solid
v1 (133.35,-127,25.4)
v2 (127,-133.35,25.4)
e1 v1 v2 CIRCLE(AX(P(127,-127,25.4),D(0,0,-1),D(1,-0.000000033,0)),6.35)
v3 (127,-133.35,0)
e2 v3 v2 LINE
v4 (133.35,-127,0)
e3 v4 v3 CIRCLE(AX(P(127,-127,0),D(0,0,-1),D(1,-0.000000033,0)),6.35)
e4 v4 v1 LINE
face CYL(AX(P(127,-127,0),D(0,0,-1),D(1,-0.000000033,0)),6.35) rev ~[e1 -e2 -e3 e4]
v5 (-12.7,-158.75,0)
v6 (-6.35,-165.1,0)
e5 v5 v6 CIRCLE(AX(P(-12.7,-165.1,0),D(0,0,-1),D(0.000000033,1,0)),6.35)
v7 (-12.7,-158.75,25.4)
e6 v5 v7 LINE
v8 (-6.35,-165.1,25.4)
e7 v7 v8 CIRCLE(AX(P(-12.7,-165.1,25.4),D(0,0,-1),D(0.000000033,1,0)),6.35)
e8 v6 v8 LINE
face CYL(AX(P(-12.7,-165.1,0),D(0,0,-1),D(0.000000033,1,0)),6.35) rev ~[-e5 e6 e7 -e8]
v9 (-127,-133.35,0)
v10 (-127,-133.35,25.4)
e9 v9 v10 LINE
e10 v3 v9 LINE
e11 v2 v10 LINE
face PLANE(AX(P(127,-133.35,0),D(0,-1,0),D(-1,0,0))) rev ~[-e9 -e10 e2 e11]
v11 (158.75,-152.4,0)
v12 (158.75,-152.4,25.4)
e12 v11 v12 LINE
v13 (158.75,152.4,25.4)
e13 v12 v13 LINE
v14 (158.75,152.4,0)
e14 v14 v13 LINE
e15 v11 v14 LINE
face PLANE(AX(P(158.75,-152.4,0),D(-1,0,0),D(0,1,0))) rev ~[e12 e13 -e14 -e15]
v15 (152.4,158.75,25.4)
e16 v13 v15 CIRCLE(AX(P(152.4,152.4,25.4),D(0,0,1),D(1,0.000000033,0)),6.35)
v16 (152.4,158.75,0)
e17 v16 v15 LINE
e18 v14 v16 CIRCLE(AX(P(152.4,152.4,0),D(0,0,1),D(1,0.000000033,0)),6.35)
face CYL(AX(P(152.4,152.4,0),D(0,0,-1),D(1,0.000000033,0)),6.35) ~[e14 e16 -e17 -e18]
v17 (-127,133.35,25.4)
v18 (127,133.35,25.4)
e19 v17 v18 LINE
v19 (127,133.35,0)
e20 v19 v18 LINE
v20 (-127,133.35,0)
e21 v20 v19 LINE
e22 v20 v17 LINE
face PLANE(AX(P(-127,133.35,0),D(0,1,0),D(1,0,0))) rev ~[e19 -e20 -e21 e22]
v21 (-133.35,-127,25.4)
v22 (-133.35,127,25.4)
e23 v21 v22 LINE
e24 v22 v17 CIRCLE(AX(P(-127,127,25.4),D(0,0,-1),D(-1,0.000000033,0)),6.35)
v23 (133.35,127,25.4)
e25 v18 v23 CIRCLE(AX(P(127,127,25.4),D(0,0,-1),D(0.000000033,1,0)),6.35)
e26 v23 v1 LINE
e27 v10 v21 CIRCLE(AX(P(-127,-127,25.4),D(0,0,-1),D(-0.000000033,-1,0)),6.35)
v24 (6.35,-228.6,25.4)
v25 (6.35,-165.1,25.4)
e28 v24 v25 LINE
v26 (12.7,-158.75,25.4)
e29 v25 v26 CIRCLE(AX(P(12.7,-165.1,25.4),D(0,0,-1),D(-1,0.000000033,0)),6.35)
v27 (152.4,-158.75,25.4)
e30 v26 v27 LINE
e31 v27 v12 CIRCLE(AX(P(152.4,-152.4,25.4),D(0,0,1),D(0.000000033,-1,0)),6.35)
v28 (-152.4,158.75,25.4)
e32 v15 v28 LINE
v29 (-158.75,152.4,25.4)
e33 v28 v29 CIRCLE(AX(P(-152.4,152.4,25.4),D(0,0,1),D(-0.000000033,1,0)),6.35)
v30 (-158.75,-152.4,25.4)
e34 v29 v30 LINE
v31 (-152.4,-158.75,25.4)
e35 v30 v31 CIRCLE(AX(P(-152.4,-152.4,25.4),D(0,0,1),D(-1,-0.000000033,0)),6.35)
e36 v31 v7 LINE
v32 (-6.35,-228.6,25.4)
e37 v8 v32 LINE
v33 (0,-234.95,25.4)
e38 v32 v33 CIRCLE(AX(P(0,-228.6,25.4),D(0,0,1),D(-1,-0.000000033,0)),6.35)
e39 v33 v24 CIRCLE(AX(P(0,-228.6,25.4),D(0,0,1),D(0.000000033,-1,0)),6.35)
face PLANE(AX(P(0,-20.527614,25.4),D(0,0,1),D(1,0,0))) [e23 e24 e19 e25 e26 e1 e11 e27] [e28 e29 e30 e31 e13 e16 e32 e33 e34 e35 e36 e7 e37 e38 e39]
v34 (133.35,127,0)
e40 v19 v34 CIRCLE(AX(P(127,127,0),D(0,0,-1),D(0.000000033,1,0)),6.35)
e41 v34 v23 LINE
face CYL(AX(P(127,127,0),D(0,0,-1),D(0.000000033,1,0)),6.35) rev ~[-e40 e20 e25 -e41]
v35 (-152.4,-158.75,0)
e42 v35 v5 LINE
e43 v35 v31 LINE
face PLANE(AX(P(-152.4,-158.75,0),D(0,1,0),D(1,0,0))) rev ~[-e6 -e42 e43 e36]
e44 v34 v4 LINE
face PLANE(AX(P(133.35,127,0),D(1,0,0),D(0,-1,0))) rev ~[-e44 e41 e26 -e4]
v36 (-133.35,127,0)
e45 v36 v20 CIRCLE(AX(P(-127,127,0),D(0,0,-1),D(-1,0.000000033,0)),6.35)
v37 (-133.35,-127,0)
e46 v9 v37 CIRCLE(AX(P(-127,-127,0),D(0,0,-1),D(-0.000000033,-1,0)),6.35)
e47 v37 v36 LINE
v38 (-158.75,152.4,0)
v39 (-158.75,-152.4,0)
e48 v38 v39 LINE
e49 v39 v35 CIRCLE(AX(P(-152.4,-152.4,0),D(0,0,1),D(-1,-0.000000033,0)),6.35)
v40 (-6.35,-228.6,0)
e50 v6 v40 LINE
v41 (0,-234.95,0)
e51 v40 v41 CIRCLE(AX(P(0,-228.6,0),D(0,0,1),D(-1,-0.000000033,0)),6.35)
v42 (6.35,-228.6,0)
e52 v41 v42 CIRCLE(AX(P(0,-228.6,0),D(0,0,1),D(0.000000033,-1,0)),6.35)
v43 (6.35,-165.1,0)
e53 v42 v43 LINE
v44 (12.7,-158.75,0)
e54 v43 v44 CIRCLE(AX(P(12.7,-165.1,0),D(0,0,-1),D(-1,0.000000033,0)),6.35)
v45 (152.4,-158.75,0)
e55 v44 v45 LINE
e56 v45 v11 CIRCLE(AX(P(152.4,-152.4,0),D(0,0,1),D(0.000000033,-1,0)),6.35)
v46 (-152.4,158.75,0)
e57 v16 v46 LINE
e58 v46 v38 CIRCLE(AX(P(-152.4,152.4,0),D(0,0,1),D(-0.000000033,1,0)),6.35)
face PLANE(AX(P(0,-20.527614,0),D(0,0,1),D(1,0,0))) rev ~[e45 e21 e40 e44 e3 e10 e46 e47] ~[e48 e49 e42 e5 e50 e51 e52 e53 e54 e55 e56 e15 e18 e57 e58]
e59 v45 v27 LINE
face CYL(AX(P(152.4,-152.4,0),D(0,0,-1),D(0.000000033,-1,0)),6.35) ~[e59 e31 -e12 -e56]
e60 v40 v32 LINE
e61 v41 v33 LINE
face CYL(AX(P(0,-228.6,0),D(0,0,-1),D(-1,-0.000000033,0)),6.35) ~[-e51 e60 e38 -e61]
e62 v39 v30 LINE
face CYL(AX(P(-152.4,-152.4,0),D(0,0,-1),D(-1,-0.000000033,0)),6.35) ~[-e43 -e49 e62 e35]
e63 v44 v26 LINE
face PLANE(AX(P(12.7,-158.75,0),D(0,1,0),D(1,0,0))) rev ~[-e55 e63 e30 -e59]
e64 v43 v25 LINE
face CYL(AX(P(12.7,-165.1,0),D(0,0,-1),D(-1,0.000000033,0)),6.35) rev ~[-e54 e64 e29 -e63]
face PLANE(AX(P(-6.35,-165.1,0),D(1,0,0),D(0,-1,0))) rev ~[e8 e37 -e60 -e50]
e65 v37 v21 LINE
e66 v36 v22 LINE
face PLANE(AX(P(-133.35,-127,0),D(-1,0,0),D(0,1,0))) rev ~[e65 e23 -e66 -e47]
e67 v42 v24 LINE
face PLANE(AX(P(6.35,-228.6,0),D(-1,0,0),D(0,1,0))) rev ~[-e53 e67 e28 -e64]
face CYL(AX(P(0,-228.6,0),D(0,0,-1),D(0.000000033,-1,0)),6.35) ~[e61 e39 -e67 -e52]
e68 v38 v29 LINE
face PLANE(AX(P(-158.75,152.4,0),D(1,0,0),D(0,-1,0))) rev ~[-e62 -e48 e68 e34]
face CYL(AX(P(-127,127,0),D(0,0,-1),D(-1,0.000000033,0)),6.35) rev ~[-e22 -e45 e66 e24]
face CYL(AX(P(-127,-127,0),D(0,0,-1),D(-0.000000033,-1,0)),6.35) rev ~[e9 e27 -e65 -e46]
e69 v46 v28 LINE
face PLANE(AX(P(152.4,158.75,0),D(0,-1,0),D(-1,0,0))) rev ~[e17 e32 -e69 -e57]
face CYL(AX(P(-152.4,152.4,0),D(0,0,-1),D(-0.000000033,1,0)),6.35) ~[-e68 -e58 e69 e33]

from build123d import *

# Parameters (mm, degrees)
F1_DEPTH = 25.4


with BuildPart() as f1:
    # F0 (on Top) → F1 (new body)
    with BuildSketch(Plane.XY):
        with BuildLine():
            Line((12.7, -158.75), (152.4, -158.75))
            ThreePointArc((152.4, -158.75), (156.890128, -156.890128), (158.75, -152.4))
            Line((158.75, -152.4), (158.75, 152.4))
            ThreePointArc((158.75, 152.4), (156.890128, 156.890128), (152.4, 158.75))
            Line((152.4, 158.75), (-152.4, 158.75))
            ThreePointArc((-152.4, 158.75), (-156.890128, 156.890128), (-158.75, 152.4))
            Line((-158.75, 152.4), (-158.75, -152.4))
            ThreePointArc((-158.75, -152.4), (-156.890128, -156.890128), (-152.4, -158.75))
            Line((-152.4, -158.75), (-12.7, -158.75))
            ThreePointArc((-12.7, -158.75), (-8.209872, -160.609872), (-6.35, -165.1))
            Line((-6.35, -165.1), (-6.35, -228.6))
            ThreePointArc((-6.35, -228.6), (-4.490128, -233.090128), (0, -234.95))
            ThreePointArc((0, -234.95), (4.490128, -233.090128), (6.35, -228.6))
            Line((6.35, -228.6), (6.35, -165.1))
            ThreePointArc((6.35, -165.1), (8.209872, -160.609872), (12.7, -158.75))
        make_face()
        with BuildLine():
            ThreePointArc((133.35, -127), (131.490128, -131.490128), (127, -133.35))
            Line((127, -133.35), (-127, -133.35))
            ThreePointArc((-127, -133.35), (-131.490128, -131.490128), (-133.35, -127))
            Line((-133.35, -127), (-133.35, 127))
            ThreePointArc((-133.35, 127), (-131.490128, 131.490128), (-127, 133.35))
            Line((-127, 133.35), (127, 133.35))
            ThreePointArc((127, 133.35), (131.490128, 131.490128), (133.35, 127))
            Line((133.35, 127), (133.35, -127))
        make_face(mode=Mode.SUBTRACT)
    extrude(amount=F1_DEPTH)


solid = f1.part
